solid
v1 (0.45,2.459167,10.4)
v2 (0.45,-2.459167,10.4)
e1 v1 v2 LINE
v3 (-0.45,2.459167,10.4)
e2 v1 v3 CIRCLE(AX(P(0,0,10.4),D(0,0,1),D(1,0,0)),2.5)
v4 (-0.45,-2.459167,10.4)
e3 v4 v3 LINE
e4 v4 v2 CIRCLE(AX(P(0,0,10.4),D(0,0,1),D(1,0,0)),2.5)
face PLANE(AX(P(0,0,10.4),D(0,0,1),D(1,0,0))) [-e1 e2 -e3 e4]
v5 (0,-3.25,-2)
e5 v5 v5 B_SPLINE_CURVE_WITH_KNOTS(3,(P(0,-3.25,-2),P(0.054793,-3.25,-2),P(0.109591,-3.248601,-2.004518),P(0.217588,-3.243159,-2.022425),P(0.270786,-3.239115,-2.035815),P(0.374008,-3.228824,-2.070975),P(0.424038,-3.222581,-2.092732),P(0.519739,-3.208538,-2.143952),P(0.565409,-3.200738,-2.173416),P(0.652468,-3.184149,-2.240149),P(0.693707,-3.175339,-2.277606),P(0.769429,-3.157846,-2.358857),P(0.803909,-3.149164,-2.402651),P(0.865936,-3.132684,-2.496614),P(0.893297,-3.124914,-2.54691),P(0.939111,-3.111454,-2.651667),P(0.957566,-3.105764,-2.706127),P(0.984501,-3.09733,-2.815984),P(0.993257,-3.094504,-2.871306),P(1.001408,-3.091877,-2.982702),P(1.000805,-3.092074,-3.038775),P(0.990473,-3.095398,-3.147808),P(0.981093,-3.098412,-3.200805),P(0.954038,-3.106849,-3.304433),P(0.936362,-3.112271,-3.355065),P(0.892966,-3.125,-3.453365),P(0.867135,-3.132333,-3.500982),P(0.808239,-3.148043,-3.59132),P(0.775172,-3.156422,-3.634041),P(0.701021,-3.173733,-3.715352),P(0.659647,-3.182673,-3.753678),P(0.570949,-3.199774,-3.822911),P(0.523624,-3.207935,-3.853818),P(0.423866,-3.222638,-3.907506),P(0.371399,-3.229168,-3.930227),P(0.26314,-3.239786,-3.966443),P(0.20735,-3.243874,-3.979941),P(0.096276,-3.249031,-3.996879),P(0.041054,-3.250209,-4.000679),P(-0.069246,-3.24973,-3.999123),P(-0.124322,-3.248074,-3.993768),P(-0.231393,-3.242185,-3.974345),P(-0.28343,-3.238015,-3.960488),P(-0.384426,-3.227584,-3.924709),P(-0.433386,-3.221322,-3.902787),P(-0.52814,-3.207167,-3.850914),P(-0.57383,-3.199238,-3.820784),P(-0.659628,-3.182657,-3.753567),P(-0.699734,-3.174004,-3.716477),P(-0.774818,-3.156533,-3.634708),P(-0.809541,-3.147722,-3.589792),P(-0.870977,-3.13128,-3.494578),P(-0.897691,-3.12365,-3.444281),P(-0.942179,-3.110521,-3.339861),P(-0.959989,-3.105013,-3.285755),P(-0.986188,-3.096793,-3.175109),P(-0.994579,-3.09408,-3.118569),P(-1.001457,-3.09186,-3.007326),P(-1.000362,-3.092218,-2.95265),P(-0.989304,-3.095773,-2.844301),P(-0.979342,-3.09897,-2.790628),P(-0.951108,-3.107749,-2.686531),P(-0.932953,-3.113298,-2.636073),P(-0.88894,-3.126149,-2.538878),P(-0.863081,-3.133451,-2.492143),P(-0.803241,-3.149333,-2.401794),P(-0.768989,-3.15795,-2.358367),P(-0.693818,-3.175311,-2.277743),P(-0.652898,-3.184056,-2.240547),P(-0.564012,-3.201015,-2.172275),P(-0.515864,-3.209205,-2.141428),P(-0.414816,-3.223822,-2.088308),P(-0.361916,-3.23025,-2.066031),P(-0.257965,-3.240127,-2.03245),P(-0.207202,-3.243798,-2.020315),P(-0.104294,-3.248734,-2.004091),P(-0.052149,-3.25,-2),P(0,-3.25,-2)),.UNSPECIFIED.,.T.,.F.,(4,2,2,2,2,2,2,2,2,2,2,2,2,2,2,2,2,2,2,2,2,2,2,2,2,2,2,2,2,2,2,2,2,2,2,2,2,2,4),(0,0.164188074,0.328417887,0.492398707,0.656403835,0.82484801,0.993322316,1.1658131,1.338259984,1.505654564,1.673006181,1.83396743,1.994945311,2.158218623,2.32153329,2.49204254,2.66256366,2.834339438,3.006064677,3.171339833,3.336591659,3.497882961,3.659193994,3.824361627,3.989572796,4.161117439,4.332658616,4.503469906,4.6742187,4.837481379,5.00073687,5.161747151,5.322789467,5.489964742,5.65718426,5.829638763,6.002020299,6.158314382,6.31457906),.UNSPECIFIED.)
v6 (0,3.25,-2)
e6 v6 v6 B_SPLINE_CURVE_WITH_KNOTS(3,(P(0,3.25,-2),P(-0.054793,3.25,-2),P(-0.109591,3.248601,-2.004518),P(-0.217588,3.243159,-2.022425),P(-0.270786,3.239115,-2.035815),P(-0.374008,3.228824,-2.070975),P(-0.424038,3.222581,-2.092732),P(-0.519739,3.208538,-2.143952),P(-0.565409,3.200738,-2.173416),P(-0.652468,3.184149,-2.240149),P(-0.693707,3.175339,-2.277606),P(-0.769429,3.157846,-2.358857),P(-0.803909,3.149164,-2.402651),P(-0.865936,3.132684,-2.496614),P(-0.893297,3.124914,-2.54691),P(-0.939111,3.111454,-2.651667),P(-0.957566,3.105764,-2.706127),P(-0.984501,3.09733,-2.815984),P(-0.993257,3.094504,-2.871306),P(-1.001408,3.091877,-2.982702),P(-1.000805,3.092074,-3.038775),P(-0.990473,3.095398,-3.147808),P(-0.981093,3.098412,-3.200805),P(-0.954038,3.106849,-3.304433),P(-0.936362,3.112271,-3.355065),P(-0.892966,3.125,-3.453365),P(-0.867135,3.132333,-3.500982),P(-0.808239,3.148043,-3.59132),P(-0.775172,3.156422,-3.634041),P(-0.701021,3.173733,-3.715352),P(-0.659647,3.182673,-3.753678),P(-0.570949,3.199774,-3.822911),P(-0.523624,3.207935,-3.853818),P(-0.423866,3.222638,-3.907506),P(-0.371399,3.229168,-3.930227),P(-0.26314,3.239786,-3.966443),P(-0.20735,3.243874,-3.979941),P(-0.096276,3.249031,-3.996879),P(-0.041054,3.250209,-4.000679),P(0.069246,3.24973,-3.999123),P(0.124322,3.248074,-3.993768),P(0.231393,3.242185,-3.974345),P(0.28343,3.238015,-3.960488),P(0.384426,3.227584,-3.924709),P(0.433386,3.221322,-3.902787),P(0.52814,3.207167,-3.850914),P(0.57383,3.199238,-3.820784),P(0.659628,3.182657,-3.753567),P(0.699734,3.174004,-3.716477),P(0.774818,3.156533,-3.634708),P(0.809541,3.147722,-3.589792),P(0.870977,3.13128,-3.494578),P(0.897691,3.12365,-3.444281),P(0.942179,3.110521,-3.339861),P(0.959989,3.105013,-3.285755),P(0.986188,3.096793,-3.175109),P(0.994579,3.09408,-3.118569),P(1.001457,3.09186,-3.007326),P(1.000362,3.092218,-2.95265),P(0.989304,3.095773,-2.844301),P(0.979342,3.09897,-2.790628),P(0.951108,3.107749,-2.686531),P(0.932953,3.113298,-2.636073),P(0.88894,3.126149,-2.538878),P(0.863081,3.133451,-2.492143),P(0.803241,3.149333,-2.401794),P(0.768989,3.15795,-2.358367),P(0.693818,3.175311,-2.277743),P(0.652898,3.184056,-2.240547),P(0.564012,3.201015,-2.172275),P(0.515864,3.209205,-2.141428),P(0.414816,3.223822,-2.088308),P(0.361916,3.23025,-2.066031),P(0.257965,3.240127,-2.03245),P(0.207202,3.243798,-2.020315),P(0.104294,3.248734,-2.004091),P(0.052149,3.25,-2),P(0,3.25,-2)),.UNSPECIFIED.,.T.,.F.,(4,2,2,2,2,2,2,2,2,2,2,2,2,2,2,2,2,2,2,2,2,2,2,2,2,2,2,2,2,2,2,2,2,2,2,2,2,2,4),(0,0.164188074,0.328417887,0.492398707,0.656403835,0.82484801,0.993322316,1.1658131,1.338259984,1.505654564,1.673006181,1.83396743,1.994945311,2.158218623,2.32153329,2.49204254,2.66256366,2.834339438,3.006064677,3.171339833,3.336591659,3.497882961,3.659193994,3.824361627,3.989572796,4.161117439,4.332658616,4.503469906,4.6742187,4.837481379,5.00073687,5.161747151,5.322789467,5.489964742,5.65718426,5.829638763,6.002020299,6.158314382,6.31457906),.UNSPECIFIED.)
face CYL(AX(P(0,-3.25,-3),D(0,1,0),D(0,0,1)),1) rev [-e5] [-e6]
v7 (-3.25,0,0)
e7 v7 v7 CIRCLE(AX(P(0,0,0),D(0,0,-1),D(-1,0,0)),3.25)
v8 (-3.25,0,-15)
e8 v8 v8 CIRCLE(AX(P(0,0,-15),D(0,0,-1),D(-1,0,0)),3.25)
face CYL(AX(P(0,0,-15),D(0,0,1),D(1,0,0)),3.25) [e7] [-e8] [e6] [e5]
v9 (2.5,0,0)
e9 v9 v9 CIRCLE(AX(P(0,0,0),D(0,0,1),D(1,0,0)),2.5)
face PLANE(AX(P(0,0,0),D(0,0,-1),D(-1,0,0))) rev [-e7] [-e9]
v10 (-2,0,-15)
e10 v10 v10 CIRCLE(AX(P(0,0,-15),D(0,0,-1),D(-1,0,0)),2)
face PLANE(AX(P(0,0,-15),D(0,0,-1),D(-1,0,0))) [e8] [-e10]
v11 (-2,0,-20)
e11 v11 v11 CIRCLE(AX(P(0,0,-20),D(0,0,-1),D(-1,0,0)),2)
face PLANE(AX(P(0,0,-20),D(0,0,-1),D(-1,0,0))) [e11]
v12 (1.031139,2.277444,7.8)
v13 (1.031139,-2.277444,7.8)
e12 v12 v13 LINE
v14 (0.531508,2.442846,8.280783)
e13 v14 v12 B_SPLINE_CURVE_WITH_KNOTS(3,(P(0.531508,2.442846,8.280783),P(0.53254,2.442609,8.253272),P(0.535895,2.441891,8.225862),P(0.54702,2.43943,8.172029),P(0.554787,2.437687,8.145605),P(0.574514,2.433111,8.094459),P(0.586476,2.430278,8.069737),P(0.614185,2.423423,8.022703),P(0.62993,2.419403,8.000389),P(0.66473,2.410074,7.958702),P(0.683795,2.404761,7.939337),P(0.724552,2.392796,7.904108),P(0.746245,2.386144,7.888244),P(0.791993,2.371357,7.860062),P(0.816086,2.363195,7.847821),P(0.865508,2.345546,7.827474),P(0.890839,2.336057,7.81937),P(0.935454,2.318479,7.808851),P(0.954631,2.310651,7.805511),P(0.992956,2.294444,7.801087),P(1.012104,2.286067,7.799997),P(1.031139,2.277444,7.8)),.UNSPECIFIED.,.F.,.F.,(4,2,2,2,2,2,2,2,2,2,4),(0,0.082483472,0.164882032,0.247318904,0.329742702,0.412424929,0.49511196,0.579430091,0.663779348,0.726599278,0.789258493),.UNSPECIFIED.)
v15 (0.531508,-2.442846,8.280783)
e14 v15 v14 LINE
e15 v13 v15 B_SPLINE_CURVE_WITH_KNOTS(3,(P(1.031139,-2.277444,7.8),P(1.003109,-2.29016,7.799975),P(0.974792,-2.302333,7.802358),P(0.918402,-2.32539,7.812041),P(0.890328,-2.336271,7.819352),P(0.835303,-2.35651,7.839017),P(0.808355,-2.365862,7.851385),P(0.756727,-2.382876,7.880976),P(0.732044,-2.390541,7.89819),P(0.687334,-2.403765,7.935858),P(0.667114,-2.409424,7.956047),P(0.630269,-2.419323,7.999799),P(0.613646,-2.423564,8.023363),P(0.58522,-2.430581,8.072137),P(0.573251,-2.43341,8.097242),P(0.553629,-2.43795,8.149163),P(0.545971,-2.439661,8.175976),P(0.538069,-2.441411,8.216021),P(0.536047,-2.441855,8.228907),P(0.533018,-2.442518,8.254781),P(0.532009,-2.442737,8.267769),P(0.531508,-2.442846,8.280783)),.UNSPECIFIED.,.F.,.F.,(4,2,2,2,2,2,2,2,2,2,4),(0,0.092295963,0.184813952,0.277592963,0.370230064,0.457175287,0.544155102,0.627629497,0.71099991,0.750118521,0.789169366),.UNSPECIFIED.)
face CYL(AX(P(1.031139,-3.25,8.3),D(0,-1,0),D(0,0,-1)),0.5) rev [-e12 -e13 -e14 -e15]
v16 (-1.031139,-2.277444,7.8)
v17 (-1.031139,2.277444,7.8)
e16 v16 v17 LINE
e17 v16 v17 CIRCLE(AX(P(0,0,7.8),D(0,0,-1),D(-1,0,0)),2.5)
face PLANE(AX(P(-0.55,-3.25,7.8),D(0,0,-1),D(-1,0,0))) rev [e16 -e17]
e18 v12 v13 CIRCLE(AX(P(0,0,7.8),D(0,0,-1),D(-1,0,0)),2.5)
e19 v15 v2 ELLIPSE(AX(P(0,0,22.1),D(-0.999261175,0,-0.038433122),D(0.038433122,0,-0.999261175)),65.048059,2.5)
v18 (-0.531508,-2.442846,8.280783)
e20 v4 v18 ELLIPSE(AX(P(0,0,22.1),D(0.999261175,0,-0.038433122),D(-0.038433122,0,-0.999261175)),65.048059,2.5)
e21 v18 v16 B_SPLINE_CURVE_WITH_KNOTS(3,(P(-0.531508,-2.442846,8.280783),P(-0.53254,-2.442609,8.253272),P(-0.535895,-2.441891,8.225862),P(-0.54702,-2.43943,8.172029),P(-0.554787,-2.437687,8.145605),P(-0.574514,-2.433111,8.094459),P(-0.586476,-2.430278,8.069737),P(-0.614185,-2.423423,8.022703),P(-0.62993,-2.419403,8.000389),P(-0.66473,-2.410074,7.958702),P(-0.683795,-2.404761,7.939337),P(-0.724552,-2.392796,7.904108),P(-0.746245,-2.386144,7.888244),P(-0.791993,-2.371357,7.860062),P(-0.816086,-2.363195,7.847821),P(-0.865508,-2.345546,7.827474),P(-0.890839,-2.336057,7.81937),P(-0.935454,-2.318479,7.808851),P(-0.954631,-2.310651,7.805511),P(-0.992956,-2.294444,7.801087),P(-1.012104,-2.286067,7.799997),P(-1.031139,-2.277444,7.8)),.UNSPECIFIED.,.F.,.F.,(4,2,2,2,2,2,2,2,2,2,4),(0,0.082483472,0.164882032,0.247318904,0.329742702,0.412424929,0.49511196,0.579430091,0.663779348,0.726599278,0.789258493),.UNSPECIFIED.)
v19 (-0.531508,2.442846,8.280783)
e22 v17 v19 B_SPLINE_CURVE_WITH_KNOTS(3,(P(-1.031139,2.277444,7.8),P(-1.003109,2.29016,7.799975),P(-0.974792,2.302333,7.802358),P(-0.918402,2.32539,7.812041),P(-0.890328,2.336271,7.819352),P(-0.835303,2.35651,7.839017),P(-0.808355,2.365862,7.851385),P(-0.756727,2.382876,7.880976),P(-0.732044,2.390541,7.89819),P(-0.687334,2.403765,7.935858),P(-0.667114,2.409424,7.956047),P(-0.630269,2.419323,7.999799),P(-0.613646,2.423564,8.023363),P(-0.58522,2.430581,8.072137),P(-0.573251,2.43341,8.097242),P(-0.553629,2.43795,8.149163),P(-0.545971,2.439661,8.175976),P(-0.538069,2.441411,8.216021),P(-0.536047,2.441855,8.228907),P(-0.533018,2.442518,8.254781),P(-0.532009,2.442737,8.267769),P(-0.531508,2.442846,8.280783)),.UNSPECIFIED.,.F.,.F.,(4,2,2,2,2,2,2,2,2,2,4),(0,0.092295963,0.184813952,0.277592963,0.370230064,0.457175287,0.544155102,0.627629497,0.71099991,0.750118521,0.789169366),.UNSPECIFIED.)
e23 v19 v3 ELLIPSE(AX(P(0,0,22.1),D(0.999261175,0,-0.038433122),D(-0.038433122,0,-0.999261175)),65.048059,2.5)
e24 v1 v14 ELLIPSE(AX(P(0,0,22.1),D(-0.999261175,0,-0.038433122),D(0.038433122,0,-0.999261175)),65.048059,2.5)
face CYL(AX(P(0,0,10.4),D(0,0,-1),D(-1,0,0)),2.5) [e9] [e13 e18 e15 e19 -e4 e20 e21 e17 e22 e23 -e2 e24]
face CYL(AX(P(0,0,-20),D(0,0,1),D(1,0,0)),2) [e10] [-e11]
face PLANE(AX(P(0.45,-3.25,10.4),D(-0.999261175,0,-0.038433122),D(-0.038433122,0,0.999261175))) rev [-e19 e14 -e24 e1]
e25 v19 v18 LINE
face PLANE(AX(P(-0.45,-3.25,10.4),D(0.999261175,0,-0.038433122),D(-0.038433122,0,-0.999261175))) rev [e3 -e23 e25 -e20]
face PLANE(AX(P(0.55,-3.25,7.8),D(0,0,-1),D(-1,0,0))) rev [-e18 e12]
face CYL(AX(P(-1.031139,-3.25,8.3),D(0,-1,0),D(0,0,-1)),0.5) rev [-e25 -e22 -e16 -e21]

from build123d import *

# Parameters (mm, degrees)
SKETCH_1_R               = 2.5
EXTRUDE_1_DEPTH          = 10.4
SKETCH_2_R               = 3.25
EXTRUDE_2_DEPTH          = 15
CUT_EXTRUDE_1_DEPTH      = 16.68837149
CUT_EXTRUDE_1_DEPTH_BACK = 16.68837149
FILLET_1_R               = 0.5
CUT_EXTRUDE_2_DEPTH      = 16.68837149
CUT_EXTRUDE_2_DEPTH_BACK = 16.68837149
SKETCH_5_R               = 1
SKETCH_6_R               = 2
EXTRUDE_3_DEPTH          = 5


with BuildPart() as part:
    # Эскиз1 → Бобышка-Вытянуть1 (new body)
    with BuildSketch(Plane.XY):
        Circle(SKETCH_1_R)
    extrude(amount=EXTRUDE_1_DEPTH)

    # Эскиз2 → Бобышка-Вытянуть2 (add)
    with BuildSketch(Plane(origin=(0, 0, 0), x_dir=(-1, 0, 0), z_dir=(0, 0, -1))):
        Circle(SKETCH_2_R)
    extrude(amount=EXTRUDE_2_DEPTH)

    # Эскиз4 → Вырез-Вытянуть1 (cut, two sides: drawn at the far end of the back side and taken through both)
    with BuildSketch(Plane(origin=(0, 0, 0), x_dir=(1, 0, 0), z_dir=(0, 1, 0)).offset(-CUT_EXTRUDE_1_DEPTH_BACK)):
        Polygon((-0.45, -10.4), (-0.55, -7.8), (-2.5, -7.8), (-2.5, -10.4), align=None)
        Polygon((0.45, -10.4), (0.55, -7.8), (2.5, -7.8), (2.5, -10.4), align=None)
    extrude(amount=CUT_EXTRUDE_1_DEPTH + CUT_EXTRUDE_1_DEPTH_BACK, mode=Mode.SUBTRACT)

    # Скругление1
    fillet_1_edges = [part.edges().sort_by_distance(p)[0] for p in [
        (0.55, 0, 7.8),
        (-0.55, 0, 7.8),
    ]]
    fillet(fillet_1_edges, radius=FILLET_1_R)

    # Эскиз5 → Вырез-Вытянуть2 (cut, two sides: drawn at the far end of the back side and taken through both)
    with BuildSketch(Plane(origin=(0, 0, 0), x_dir=(1, 0, 0), z_dir=(0, 1, 0)).offset(-CUT_EXTRUDE_2_DEPTH_BACK)):
        with Locations(Location((0, 3, 0), (0, 0, 270))):
            Circle(SKETCH_5_R)
    extrude(amount=CUT_EXTRUDE_2_DEPTH + CUT_EXTRUDE_2_DEPTH_BACK, mode=Mode.SUBTRACT)

    # Эскиз6 → Бобышка-Вытянуть3 (add)
    with BuildSketch(Plane(origin=(0, 0, -15), x_dir=(-1, 0, 0), z_dir=(0, 0, -1))):
        Circle(SKETCH_6_R)
    extrude(amount=EXTRUDE_3_DEPTH)


solid = part.part
